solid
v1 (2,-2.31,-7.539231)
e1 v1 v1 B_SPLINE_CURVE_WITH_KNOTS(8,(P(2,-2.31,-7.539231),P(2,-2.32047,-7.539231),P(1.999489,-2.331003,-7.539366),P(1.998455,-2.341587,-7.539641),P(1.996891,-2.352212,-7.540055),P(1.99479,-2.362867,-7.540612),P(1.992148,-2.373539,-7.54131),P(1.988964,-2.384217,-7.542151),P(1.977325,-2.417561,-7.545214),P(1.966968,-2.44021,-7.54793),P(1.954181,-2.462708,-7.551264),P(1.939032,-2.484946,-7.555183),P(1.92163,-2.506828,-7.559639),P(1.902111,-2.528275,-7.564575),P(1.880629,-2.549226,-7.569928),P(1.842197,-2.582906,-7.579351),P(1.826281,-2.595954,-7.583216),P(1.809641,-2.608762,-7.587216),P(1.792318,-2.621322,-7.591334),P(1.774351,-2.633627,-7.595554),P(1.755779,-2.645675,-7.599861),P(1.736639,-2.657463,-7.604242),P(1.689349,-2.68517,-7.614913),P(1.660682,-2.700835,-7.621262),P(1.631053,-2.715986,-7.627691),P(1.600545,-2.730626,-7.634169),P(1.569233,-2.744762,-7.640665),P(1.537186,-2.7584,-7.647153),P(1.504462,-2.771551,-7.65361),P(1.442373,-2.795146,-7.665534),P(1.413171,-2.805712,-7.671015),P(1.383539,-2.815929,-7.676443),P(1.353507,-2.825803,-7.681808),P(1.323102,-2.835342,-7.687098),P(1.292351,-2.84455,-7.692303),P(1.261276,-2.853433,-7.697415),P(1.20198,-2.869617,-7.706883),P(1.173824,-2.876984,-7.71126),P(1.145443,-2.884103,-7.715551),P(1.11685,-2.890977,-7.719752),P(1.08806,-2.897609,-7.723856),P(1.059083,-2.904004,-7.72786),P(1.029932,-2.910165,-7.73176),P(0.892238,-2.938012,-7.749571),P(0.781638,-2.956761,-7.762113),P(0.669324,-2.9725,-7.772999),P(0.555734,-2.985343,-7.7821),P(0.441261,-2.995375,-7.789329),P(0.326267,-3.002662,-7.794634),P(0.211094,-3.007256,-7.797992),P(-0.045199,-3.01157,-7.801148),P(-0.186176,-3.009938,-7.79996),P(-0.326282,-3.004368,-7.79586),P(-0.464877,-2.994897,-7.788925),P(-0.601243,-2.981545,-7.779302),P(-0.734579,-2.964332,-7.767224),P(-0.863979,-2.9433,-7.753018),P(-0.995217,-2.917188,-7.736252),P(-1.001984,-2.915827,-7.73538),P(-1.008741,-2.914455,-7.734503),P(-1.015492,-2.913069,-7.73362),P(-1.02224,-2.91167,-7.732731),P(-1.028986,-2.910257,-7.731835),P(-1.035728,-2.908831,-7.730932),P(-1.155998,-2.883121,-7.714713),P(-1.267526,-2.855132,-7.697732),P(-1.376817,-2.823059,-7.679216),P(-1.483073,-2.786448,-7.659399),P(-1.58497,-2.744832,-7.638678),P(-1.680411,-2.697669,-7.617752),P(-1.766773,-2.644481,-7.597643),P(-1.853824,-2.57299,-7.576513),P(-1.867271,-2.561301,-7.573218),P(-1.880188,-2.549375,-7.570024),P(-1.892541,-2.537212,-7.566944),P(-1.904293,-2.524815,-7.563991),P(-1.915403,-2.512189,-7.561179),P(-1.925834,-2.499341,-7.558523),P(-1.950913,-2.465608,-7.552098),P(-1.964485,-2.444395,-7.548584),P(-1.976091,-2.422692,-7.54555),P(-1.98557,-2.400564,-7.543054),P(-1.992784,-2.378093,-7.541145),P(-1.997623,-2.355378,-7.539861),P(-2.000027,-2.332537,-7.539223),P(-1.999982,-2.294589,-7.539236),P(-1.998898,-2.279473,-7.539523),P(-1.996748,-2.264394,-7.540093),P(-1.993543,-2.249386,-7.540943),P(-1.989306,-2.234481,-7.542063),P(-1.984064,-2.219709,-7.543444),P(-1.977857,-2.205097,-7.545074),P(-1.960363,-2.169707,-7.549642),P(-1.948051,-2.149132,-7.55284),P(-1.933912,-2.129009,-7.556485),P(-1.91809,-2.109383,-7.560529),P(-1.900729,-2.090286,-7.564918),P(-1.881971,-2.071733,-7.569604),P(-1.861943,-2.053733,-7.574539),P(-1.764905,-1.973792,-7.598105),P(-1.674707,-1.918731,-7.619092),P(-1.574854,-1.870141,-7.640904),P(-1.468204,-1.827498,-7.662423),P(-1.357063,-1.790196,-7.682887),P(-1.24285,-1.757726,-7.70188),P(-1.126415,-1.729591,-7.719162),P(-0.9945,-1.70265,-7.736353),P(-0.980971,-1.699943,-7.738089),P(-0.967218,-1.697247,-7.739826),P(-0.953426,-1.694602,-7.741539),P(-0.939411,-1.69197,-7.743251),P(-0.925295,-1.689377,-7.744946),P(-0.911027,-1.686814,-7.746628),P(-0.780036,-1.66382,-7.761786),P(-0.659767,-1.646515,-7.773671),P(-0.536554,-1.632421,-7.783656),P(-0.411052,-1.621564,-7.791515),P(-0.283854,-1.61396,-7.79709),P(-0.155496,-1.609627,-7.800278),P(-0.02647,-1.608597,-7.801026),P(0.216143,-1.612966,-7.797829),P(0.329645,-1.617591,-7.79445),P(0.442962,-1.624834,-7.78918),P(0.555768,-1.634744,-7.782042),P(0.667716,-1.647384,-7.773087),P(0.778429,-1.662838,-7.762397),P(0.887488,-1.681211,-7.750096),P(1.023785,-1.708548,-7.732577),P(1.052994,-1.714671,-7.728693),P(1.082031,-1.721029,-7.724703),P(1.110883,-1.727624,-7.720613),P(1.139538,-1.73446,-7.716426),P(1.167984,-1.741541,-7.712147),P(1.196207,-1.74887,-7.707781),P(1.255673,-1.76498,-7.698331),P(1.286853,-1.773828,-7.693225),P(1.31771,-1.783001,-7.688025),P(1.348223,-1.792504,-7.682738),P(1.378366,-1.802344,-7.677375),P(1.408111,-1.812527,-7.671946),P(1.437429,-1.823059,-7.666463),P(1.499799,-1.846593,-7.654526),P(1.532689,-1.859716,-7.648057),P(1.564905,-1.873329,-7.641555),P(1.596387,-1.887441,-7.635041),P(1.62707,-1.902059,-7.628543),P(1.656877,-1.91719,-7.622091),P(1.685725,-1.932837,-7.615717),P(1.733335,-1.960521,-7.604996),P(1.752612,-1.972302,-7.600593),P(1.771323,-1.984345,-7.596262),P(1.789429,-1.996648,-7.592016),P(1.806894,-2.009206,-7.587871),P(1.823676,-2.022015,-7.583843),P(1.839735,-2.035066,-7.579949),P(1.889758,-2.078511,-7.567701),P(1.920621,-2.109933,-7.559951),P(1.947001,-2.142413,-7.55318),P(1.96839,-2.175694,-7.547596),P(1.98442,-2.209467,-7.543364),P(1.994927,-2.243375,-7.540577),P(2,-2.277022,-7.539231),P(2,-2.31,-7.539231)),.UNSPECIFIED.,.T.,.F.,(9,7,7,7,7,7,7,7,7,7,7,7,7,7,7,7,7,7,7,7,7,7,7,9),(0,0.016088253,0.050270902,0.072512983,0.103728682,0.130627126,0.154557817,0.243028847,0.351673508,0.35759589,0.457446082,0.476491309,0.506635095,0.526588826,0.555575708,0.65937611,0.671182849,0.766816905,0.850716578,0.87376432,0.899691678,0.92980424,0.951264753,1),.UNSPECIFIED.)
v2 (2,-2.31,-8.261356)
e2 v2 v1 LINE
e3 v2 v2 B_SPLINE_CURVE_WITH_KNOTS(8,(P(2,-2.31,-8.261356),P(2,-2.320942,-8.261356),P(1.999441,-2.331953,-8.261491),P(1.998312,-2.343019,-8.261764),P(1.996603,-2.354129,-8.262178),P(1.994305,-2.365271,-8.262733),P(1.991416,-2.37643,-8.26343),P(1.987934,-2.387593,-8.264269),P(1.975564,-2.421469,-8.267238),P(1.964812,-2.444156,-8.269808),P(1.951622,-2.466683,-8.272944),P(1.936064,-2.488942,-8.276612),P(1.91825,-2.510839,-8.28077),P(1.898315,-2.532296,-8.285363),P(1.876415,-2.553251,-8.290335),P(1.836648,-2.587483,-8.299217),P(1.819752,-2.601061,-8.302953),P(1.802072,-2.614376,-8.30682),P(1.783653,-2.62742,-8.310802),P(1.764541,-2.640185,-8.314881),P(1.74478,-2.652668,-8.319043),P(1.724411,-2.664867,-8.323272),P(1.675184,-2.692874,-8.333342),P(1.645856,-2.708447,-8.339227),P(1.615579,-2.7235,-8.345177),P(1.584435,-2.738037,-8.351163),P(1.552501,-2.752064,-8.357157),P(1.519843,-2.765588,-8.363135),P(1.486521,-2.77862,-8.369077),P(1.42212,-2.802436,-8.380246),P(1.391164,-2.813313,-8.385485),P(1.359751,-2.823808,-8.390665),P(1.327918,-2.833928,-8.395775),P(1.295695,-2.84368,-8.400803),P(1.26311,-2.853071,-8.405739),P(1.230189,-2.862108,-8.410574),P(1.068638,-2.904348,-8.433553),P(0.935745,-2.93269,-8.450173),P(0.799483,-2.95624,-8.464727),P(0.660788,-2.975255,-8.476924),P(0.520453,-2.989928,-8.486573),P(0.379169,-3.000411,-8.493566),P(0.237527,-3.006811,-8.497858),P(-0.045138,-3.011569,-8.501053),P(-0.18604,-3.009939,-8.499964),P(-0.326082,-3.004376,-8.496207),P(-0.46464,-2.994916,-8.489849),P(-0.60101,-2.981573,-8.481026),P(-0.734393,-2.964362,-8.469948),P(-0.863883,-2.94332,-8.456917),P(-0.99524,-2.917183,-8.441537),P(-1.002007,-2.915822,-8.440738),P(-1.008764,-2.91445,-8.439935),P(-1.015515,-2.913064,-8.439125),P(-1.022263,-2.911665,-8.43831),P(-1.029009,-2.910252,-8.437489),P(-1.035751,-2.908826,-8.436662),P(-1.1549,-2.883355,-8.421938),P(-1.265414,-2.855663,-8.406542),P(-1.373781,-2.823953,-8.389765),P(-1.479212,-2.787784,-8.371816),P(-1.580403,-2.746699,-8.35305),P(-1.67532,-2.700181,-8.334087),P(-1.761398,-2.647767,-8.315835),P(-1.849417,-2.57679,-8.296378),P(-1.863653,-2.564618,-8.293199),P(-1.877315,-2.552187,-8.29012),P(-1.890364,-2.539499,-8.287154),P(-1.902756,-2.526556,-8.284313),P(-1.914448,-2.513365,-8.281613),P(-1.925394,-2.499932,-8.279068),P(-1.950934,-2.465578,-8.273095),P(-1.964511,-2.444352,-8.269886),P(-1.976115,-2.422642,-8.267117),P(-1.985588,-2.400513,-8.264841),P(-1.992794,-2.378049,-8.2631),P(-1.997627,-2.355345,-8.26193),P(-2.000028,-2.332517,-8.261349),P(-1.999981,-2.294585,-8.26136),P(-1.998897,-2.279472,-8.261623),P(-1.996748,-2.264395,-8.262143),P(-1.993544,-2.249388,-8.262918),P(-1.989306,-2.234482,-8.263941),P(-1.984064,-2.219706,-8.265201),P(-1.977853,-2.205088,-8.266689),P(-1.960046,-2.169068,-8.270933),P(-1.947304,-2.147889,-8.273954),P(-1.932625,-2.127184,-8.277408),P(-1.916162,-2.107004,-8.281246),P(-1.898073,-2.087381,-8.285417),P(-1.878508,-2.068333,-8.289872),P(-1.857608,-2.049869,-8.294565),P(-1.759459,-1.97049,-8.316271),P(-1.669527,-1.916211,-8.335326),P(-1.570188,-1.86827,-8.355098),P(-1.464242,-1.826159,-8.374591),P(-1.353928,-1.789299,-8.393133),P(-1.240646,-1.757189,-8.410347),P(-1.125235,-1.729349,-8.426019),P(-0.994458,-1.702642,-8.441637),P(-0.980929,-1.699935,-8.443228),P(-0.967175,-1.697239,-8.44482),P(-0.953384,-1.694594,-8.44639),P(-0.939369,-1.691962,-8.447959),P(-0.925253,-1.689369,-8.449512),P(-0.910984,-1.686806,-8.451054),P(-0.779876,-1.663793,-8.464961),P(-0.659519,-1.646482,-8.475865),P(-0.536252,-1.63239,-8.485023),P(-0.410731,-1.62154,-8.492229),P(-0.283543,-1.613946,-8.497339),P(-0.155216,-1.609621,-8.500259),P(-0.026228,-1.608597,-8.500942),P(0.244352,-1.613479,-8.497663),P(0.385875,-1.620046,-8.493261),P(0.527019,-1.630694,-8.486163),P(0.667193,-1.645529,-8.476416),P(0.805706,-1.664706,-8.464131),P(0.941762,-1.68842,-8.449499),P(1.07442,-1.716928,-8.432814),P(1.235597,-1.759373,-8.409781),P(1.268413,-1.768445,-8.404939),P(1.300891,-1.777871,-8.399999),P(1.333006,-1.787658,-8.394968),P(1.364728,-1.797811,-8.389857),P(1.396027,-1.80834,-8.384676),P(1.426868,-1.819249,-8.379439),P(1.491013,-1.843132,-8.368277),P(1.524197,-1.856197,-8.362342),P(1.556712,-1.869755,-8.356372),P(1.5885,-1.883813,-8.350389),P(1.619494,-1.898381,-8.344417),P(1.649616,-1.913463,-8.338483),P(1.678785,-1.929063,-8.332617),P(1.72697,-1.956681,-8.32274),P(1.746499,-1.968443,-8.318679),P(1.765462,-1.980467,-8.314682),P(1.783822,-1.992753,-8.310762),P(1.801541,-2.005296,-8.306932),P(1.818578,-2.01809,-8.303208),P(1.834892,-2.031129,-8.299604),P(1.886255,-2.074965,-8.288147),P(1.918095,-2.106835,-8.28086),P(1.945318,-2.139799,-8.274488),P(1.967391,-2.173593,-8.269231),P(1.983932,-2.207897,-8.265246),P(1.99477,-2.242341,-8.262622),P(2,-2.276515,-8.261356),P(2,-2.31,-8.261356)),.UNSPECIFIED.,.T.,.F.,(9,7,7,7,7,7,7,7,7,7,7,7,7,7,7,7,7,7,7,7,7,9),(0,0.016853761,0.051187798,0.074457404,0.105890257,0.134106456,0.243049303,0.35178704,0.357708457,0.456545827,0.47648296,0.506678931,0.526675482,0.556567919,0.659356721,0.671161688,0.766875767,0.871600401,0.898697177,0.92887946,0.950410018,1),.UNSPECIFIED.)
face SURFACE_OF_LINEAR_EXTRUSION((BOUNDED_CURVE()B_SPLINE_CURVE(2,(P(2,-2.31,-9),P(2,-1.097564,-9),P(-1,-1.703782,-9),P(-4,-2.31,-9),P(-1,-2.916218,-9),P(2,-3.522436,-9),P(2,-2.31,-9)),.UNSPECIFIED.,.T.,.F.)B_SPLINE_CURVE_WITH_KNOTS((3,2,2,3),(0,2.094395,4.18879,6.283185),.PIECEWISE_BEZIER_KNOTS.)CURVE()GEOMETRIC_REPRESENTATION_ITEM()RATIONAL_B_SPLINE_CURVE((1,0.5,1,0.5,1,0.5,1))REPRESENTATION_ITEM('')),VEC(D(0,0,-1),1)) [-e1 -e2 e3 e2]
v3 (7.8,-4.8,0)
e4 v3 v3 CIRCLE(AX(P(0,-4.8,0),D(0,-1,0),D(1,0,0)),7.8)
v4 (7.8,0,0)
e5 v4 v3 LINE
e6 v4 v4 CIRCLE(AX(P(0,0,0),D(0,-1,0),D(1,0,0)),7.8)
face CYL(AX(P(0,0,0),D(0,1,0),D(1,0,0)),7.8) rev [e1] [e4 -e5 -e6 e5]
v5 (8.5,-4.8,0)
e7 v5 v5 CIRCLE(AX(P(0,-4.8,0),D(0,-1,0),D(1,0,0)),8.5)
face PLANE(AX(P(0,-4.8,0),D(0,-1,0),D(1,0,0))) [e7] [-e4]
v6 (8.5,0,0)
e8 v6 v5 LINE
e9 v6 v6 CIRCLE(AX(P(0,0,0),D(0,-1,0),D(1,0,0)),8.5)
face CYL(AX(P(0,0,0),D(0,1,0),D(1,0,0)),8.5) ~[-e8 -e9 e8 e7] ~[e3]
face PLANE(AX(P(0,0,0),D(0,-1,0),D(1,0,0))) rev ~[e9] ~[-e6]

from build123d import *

# Parameters (mm, degrees)
F0_R     = 8.5
F0_R_2   = 7.8
F1_DEPTH = 4.8
F4_DEPTH = 2


with BuildPart() as f1:
    # F0 (on Front) → F1 (new body)
    with BuildSketch(Plane.XZ):
        Circle(F0_R)
        Circle(F0_R_2, mode=Mode.SUBTRACT)
    extrude(amount=F1_DEPTH)

    # F3 (on offset) → F4 (cut)
    with BuildSketch(Plane.XY.offset(-9)):
        with BuildLine():
            add(Edge.make_bspline(
                [(2, -2.31), (2, -1.097564), (-1, -1.703782), (-4, -2.31), (-1, -2.916218), (2, -3.522436), (2, -2.31)],
                knots=[0, 0, 0, 2.094395, 2.094395, 4.18879, 4.18879, 6.283185, 6.283185, 6.283185], degree=2, weights=[1, 0.5, 1, 0.5, 1, 0.5, 1]))
        make_face()
    extrude(amount=F4_DEPTH, mode=Mode.SUBTRACT)


solid = f1.part
